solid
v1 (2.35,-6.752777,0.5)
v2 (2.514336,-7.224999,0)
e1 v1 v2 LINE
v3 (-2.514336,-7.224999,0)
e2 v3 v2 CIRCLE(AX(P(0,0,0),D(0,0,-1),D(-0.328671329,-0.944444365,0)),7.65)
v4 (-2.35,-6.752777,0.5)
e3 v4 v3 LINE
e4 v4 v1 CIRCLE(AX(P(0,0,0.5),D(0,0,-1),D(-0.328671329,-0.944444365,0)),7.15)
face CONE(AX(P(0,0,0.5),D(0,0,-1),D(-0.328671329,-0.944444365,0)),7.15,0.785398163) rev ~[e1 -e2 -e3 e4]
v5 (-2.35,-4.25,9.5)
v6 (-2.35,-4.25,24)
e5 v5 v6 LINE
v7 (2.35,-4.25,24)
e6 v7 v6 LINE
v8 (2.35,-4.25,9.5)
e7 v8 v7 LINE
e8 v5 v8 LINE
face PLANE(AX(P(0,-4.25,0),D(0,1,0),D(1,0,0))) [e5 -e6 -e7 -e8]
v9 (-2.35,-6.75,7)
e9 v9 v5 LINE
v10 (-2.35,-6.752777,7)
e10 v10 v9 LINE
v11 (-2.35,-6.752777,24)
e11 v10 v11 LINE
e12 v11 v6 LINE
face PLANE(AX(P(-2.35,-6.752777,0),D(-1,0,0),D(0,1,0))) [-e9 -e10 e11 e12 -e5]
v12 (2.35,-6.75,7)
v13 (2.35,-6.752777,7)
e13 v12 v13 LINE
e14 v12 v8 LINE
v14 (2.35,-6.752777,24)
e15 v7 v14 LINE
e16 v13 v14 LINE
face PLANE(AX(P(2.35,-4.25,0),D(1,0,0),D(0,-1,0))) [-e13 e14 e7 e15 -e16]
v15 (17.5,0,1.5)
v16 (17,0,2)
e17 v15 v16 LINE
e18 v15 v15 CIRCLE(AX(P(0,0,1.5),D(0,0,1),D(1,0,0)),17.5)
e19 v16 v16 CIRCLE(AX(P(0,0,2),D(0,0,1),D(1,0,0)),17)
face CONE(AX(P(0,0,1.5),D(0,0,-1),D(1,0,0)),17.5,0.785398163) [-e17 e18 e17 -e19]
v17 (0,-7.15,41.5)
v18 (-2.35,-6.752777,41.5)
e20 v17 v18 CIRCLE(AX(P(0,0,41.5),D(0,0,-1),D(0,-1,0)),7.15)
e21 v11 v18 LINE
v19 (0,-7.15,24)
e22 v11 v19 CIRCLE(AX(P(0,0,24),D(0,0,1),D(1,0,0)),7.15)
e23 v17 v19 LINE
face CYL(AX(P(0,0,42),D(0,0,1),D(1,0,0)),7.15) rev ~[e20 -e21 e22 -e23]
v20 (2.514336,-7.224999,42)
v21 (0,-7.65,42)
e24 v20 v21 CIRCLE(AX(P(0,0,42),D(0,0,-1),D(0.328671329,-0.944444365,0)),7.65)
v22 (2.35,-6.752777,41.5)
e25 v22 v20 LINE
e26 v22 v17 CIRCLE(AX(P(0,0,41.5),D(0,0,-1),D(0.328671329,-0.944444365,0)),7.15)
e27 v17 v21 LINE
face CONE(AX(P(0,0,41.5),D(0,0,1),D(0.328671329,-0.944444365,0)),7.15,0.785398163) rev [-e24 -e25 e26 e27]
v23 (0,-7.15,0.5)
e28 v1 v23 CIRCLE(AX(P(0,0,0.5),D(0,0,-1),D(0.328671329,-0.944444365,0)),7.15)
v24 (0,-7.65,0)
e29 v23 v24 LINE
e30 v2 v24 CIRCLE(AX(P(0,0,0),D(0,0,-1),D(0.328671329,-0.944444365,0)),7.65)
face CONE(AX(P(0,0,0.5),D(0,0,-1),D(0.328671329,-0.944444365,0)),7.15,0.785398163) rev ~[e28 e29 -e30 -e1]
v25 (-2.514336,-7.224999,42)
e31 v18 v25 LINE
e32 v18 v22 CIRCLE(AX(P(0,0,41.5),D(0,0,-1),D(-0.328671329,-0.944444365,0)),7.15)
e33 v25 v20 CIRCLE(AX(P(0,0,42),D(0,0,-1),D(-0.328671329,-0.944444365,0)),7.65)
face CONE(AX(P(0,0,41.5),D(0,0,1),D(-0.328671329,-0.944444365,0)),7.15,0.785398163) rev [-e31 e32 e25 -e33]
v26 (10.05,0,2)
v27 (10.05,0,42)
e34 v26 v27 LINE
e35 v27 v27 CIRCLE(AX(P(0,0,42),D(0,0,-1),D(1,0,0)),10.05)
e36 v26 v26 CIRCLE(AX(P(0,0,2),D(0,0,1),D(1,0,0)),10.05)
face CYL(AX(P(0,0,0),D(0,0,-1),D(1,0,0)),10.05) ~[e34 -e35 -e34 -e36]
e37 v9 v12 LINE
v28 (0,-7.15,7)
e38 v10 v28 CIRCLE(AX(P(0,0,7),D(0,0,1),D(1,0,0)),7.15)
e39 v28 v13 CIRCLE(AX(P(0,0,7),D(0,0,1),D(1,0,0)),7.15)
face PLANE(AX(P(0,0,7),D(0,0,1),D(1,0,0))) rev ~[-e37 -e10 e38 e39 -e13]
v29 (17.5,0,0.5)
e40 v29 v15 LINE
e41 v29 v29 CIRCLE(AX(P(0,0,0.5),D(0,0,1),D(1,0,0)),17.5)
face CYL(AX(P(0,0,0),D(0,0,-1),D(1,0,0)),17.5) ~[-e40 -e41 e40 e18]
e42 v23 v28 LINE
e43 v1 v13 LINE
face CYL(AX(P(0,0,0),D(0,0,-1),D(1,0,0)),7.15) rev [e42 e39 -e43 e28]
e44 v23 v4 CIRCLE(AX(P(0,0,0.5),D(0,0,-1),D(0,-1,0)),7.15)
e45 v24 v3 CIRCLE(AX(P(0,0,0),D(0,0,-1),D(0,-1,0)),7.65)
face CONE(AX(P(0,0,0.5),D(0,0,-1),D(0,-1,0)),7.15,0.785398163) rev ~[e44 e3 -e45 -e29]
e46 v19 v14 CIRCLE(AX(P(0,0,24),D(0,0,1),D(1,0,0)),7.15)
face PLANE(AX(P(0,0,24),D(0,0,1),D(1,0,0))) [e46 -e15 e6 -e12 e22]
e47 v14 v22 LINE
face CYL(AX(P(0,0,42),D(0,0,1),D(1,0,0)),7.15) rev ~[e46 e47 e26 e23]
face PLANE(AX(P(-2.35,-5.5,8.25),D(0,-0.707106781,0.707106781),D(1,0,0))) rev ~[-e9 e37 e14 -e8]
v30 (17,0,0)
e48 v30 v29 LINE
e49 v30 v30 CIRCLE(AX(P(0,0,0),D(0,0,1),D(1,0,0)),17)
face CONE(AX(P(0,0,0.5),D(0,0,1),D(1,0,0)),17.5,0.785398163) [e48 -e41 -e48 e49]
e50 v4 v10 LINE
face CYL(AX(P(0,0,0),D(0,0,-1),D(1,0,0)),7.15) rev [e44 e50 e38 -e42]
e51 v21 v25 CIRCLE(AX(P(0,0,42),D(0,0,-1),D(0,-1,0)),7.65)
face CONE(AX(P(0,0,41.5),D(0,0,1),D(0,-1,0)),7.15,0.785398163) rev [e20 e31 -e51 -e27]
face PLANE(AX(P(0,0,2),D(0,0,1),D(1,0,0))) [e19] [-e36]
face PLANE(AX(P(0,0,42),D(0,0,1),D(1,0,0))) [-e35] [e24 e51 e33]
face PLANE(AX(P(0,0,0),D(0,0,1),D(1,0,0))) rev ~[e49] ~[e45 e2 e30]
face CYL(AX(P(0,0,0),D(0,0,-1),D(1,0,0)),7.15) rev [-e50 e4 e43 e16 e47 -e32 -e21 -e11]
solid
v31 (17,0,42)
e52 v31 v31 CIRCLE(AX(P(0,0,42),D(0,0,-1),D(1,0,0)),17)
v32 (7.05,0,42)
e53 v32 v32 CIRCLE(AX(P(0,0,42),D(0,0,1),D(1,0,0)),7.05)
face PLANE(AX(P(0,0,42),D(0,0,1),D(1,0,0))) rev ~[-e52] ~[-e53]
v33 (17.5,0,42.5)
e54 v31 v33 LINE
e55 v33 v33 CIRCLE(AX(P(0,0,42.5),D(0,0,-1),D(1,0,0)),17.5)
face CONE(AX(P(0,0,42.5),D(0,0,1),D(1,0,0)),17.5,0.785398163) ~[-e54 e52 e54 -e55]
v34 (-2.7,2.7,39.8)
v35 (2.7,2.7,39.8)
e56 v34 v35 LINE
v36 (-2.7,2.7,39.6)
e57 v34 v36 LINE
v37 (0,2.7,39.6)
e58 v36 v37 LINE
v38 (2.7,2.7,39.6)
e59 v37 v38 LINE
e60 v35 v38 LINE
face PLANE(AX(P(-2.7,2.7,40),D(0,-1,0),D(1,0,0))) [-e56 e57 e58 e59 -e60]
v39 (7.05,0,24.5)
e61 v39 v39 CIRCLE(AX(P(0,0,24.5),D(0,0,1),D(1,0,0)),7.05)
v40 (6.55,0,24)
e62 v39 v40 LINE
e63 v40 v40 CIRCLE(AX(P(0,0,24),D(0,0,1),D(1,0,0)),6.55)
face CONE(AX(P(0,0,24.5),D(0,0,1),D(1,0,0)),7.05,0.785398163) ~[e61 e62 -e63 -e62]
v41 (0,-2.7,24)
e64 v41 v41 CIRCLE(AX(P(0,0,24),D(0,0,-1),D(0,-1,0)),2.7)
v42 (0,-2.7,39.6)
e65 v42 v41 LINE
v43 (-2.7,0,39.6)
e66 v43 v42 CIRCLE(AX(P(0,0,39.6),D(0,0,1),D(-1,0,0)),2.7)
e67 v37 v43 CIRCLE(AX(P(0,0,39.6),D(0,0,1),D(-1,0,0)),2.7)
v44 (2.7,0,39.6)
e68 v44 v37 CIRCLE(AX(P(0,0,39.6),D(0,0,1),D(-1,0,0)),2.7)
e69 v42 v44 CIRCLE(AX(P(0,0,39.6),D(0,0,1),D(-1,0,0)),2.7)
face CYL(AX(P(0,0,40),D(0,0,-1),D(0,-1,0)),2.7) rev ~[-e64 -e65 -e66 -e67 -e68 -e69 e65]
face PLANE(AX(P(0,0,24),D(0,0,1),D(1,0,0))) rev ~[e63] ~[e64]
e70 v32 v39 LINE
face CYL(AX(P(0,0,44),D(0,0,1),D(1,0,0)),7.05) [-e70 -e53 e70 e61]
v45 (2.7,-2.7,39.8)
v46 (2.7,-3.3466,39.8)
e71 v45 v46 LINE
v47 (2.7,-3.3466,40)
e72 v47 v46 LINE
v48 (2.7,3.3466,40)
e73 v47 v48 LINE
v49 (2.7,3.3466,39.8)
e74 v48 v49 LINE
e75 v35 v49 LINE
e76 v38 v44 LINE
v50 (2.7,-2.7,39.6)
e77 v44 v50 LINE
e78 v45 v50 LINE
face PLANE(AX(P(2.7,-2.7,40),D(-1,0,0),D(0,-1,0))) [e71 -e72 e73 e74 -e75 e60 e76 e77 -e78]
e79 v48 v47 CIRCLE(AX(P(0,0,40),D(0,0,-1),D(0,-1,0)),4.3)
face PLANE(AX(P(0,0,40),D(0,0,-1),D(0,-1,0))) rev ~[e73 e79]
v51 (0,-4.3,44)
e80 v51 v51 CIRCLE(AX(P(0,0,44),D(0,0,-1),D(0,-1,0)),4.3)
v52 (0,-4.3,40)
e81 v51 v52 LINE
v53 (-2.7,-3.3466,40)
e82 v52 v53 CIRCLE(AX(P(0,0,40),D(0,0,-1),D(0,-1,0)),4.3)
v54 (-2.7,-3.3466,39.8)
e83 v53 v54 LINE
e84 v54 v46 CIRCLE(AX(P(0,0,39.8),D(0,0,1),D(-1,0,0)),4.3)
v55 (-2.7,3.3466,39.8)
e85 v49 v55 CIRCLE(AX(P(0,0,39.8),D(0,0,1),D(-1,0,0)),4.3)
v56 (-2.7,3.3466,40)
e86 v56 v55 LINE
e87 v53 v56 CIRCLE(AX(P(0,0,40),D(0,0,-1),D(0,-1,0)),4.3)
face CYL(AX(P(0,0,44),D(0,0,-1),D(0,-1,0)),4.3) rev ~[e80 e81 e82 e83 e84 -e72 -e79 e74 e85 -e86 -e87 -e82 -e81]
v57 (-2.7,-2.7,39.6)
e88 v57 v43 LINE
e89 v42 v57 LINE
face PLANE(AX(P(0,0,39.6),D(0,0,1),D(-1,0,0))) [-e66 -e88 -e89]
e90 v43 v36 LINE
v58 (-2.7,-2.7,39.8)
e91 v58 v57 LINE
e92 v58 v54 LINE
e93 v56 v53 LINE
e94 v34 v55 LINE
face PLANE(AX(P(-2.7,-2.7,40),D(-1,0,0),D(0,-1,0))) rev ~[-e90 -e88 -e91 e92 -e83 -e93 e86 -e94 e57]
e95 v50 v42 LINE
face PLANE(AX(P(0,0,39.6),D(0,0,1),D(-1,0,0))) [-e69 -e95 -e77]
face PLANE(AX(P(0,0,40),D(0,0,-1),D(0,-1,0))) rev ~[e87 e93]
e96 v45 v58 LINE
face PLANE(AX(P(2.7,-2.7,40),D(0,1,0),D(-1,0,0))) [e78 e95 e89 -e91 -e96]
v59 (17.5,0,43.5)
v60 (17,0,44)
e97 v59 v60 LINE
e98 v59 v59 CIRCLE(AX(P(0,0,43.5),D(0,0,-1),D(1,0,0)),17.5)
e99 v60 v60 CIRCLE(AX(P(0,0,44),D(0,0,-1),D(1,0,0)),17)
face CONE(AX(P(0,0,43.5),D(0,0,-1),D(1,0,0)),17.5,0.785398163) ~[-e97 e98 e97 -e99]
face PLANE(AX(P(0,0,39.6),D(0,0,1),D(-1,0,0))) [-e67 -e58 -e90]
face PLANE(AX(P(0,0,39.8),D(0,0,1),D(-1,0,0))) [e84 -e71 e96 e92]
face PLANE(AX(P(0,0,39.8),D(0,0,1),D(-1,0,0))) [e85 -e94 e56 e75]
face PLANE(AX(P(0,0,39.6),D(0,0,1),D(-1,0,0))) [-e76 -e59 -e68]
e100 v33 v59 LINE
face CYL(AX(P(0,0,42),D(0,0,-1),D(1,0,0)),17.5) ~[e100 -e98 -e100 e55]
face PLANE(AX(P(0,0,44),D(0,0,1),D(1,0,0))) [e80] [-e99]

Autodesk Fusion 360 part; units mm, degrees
sketch "Sketch1" plane through (0, 0, 0) normal (0, 0, 1) x (1, 0, 0)
  circle A0 centre (0, 0) radius 10.05
  line L0 (2.35, -4.25) -> (2.35, -9.45)
  line L1 (-2.35, -4.25) -> (2.35, -4.25)
  line L2 (-2.35, -4.25) -> (2.35, -9.45) construction
  line L3 (2.35, -9.45) -> (-2.35, -9.45)
  line L4 (2.35, -4.25) -> (-2.35, -9.45) construction
  line L5 (-2.35, -9.45) -> (-2.35, -4.25)
  circle A1 centre (0, 0) radius 7.15
  circle A2 centre (0, 0) radius 17.5
  line L6 (0, 0) -> (0, -12)
  point P0 (0, -6.85)
  dimension "d1" = 20.1
  dimension "d2" = 4.7
  dimension "d3" = 5.2
  dimension "d4" = 14.3
  dimension "d5" = 2.9
  dimension "d10" = 35
extrude "Extrude1" add sketch "Sketch1" along normal blind 42 contours A0 | L0 L1 A1 L6 | L0 L3 A1 L6 | L1 L5 A1 L6 | L3 L5 A1 L6 makes body 1
extrude "Extrude2" add sketch "Sketch1" along normal blind 2 contours A2 bodies 1
extrude "Extrude3" add sketch "Sketch1" along normal blind 2 from surface at 42 separate body contours A0 | L0 L1 A1 L6 | L0 L3 A1 L6 | L1 L5 A1 L6 | L3 L5 A1 L6 | A2 makes body 2
extrude "Extrude4" add sketch "Sketch1" against normal blind 20 from surface at 44 separate body contours L0 L1 L5 A1 | L0 L1 A1 L6 | L1 L5 A1 L6 makes body 3
combine "Combine1" operation add target body 2 tool bodies 3
move_face "OffsetFaces1" [suppressed]
sketch "Sketch2" plane through (0, 0, 44) normal (0, 0, 1) x (-1, 0, 0)
  circle A0 centre (0, 0) radius 17.5
  circle A1 centre (0, 0) radius 3
extrude "Extrude5" cut sketch "Sketch1" against normal blind 18 from surface at 42 contours L0 L1 A1 L6 | L1 L5 A1 L6 bodies 1
hole "Hole1" at (0, 0, 44) direction (0, 0, -1) diameter 5.4 depth 65 tip angle 118 counterbore diameter 8.6 counterbore depth 4 bodies 2
extrude "Extrude6" cut sketch "Sketch1" along normal blind 7 contours L0 L1 A1 L6 | L1 L5 A1 L6 bodies 1
chamfer "Chamfer1" distance 2.5 angle 45 1 edges at (0, -4.25, 7) on bodies 1
move_face "OffsetFaces3" offset -0.1 1 faces at (7.1145, -0.7119, 36) on bodies 2
sketch "Sketch3" plane through (0, 0, 40) normal (0, 0, 1) x (-1, 0, 0)
  circle A0 centre (0, 0) radius 4.3
  circle A1 centre (0, 0) radius 2.7
  line L0 (-2.7, 2.7) -> (2.7, 2.7)
  line L1 (2.7, 2.7) -> (2.7, -2.7)
  line L2 (2.7, -2.7) -> (-2.7, -2.7)
  line L3 (-2.7, -2.7) -> (-2.7, 2.7)
  line L4 (-2.7, 2.7) -> (2.7, -2.7) construction
  line L5 (2.7, 2.7) -> (-2.7, -2.7) construction
  line L6 (2.7, -2.7) -> (2.7, -3.3466)
  line L7 (2.7, 2.7) -> (2.7, 3.3466)
  line L8 (-2.7, 2.7) -> (-2.7, 3.3466)
  line L9 (-2.7, -2.7) -> (-2.7, -3.3466)
  dimension "d33" = 5.4
  dimension "d34" = 5.4
extrude "Extrude8" cut sketch "Sketch3" against normal blind 0.2 contours A0 L0 L7 L8 | A0 L2 L6 L9 bodies 2
extrude "Extrude9" cut sketch "Sketch3" against normal blind 0.4 contours A1 L0 L1 | A1 L1 L2 | A1 L0 L3 | A1 L2 L3 bodies 2
chamfer "Chamfer2" distance 0.5 angle 45 7 edges at (-16.3157, -6.3283, 44) (-16.3157, 6.3283, 42) (-6.5729, 2.5494, 24) (-16.3157, -6.3283, 2) (-16.3157, -6.3283, 0) (-6.6661, 2.5856, 0) (-6.6661, 2.5856, 42) on bodies 1 2
